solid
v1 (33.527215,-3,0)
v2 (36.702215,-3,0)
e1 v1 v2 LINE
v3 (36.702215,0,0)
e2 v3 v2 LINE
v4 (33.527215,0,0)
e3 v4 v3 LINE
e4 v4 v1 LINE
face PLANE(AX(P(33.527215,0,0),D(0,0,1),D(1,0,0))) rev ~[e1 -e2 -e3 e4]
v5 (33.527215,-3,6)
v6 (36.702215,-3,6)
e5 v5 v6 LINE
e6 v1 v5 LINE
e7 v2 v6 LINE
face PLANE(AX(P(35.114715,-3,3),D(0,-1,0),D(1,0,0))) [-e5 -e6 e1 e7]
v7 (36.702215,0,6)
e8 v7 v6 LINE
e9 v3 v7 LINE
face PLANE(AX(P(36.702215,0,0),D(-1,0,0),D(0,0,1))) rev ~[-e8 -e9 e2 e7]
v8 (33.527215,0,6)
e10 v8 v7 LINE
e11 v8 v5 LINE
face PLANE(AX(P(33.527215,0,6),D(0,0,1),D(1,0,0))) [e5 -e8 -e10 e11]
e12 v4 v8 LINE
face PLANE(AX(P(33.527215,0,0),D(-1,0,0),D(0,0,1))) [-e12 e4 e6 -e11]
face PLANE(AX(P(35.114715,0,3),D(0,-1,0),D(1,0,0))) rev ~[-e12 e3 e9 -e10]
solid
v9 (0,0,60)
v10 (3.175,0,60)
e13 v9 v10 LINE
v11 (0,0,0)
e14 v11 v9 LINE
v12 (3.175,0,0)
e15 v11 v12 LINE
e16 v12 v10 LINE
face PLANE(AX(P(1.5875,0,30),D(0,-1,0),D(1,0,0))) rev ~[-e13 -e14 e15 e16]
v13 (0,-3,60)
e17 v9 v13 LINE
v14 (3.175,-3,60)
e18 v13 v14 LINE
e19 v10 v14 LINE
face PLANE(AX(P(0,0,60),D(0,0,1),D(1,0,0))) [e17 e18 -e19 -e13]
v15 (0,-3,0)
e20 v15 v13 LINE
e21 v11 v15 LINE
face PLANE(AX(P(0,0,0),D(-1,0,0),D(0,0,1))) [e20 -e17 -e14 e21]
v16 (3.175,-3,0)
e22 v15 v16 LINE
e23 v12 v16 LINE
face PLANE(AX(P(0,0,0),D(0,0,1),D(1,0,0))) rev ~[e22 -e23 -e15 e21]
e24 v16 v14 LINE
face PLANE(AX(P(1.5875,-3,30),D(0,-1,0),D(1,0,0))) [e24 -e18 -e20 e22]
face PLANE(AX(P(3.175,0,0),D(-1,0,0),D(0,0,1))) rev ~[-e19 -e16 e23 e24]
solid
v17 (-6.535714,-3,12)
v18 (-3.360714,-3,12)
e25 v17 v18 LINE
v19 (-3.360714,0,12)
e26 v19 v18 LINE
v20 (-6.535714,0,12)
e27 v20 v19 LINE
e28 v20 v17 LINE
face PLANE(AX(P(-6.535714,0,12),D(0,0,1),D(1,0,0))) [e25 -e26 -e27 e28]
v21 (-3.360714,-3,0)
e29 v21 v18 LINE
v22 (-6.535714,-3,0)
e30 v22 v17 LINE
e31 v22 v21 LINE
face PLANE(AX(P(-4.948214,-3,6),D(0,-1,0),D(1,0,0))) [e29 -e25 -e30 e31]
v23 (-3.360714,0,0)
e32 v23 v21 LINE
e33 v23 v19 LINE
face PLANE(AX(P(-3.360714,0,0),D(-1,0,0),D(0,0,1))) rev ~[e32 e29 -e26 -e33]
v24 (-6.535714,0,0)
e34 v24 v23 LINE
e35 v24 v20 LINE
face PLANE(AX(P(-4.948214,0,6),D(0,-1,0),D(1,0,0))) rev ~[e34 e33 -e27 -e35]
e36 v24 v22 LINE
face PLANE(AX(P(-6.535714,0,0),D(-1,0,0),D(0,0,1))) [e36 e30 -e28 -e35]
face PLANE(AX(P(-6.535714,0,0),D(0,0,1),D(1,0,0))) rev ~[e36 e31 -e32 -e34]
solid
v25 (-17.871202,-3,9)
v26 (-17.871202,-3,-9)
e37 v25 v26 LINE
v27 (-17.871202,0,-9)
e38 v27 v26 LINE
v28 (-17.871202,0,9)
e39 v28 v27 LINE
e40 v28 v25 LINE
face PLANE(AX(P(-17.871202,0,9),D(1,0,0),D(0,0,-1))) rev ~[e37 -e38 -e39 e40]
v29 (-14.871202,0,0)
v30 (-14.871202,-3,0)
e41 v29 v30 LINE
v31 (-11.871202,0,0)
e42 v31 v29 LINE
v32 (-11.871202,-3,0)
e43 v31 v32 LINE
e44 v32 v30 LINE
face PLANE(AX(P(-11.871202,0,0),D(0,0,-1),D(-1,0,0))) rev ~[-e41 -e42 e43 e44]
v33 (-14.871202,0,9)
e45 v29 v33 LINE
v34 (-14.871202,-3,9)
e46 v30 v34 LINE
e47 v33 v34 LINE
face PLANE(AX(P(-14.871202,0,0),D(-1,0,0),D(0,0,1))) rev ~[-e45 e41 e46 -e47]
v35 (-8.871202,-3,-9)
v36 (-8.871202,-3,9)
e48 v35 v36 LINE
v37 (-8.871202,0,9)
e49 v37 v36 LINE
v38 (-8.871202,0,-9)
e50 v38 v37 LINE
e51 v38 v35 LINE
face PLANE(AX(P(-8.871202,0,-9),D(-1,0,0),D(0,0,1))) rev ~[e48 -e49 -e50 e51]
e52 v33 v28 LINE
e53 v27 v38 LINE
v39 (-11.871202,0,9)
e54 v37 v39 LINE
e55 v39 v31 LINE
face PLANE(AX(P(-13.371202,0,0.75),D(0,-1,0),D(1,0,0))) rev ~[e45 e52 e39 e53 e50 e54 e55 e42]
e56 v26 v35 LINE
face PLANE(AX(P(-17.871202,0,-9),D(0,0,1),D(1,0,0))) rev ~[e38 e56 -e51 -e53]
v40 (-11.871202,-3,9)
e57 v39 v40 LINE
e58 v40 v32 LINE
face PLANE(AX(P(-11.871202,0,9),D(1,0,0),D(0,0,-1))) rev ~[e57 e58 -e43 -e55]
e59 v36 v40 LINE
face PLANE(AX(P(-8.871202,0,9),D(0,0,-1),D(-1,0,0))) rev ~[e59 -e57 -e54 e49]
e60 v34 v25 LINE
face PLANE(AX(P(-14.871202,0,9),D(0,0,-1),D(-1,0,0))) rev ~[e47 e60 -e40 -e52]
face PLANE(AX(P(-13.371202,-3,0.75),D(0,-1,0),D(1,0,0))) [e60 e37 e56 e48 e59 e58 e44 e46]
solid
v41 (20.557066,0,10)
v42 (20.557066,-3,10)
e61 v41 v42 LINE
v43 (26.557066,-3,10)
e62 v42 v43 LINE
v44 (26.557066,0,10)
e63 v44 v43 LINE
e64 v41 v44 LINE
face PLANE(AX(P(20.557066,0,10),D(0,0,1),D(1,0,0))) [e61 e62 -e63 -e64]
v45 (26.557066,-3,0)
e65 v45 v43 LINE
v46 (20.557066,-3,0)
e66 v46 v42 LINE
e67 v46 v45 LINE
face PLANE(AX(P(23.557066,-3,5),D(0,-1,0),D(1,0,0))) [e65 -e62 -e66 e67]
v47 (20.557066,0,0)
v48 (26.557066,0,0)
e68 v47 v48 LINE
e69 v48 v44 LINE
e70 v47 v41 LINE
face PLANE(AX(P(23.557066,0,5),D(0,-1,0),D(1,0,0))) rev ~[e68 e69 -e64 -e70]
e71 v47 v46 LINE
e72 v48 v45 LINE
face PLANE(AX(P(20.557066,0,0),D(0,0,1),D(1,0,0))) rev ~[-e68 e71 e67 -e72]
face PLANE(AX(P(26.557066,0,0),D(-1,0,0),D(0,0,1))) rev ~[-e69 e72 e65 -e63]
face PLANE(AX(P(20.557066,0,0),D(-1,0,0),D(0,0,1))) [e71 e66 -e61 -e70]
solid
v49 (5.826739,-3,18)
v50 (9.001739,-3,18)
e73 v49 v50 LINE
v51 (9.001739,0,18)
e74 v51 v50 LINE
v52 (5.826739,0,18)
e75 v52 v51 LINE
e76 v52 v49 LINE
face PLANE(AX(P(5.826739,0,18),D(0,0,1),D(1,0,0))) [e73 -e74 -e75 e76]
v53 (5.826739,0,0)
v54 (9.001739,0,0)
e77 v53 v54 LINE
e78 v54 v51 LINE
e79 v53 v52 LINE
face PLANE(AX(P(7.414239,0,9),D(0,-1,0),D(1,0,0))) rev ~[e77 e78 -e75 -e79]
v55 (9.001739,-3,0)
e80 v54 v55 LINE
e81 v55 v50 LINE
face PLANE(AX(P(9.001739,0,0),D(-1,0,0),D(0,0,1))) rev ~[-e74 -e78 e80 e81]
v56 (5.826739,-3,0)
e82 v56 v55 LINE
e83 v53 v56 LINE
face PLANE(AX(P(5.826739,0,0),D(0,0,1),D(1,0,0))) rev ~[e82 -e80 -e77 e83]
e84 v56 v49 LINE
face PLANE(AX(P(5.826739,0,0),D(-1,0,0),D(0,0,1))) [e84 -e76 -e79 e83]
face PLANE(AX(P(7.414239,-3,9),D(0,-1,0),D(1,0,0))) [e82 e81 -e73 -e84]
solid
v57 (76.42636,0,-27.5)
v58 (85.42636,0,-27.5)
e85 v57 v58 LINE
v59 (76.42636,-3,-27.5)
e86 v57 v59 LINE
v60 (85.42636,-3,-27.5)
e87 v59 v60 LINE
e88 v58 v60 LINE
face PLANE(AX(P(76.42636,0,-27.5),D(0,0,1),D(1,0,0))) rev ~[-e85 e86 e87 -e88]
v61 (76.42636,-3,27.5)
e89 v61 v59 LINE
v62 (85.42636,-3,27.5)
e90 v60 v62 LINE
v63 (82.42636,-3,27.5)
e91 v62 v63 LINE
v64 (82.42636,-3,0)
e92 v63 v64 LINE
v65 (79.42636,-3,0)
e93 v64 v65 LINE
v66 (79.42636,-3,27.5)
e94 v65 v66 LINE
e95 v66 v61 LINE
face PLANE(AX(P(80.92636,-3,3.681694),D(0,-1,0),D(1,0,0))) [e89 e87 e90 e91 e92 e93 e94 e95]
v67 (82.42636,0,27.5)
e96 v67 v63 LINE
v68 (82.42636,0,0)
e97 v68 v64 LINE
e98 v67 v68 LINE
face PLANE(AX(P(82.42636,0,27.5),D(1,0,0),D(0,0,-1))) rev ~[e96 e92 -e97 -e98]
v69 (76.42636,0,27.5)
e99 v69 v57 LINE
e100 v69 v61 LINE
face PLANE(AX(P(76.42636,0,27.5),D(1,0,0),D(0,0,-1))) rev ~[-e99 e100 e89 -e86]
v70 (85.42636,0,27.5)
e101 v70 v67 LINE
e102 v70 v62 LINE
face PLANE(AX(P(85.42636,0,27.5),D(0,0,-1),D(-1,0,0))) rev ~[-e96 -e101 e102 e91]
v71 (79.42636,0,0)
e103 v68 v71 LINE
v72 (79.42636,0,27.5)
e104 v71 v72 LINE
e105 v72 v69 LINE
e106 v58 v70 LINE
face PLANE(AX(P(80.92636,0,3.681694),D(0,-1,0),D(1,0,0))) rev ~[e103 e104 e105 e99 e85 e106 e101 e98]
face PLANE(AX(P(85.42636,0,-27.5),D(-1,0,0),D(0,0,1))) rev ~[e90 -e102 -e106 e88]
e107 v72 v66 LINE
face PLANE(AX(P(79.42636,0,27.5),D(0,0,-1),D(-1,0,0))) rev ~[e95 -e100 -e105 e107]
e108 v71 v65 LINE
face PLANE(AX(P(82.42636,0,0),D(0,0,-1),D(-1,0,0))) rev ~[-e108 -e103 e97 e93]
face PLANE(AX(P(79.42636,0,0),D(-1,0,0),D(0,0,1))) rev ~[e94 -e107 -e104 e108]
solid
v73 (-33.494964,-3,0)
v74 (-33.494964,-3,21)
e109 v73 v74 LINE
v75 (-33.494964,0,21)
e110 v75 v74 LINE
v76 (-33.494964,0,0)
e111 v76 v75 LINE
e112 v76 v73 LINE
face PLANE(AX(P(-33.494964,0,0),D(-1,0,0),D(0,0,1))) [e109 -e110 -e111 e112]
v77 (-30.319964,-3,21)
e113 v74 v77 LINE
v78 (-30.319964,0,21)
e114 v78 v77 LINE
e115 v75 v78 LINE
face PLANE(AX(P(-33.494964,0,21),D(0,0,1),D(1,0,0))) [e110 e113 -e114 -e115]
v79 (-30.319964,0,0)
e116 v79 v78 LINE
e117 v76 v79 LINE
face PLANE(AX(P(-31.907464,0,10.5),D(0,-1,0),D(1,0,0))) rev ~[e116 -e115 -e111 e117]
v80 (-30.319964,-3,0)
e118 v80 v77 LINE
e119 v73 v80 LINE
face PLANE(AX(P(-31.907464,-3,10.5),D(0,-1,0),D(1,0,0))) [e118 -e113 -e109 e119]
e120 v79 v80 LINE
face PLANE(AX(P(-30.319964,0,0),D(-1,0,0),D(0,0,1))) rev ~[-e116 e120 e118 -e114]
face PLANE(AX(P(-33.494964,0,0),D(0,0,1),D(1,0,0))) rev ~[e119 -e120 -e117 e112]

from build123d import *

# Parameters (mm, degrees)
F0_W      = 3.175
F0_H      = 60
F1_DEPTH  = 3
F2_W      = 3.175
F2_H      = 18
F3_DEPTH  = 3
F4_W      = 6
F4_H      = 10
F5_DEPTH  = 3
F6_W      = 3.175
F6_H      = 12
F7_DEPTH  = 3
F8_W      = 3.175
F8_H      = 6
F9_DEPTH  = 3
F11_DEPTH = 3
F12_W     = 3.175
F12_H     = 21
F13_DEPTH = 3
F15_DEPTH = 3


with BuildPart() as f1:
    # F0 (on Front) → F1 (new body)
    with BuildSketch(Plane.XZ):
        with Locations((1.5875, 30)):
            Rectangle(F0_W, F0_H)
    extrude(amount=F1_DEPTH)


with BuildPart() as f3:
    # F2 (on Front) → F3 (new body)
    with BuildSketch(Plane.XZ):
        with Locations((7.414239, 9)):
            Rectangle(F2_W, F2_H)
    extrude(amount=F3_DEPTH)


with BuildPart() as f5:
    # F4 (on Front) → F5 (new body)
    with BuildSketch(Plane.XZ):
        with Locations((23.557066, 5)):
            Rectangle(F4_W, F4_H)
    extrude(amount=F5_DEPTH)


with BuildPart() as f7:
    # F6 (on Front) → F7 (new body)
    with BuildSketch(Plane.XZ):
        with Locations((-4.948214, 6)):
            Rectangle(F6_W, F6_H)
    extrude(amount=F7_DEPTH)


with BuildPart() as f9:
    # F8 (on Front) → F9 (new body)
    with BuildSketch(Plane.XZ):
        with Locations((35.114715, 3)):
            Rectangle(F8_W, F8_H)
    extrude(amount=F9_DEPTH)


with BuildPart() as f11:
    # F10 (on Front) → F11 (new body)
    with BuildSketch(Plane.XZ):
        Polygon((-8.871202, -9), (-8.871202, 9), (-11.871202, 9), (-11.871202, 0), (-14.871202, 0), (-14.871202, 9), (-17.871202, 9), (-17.871202, -9), align=None)
    extrude(amount=F11_DEPTH)


with BuildPart() as f13:
    # F12 (on Front) → F13 (new body)
    with BuildSketch(Plane.XZ):
        with Locations((-31.907464, 10.5)):
            Rectangle(F12_W, F12_H)
    extrude(amount=F13_DEPTH)


with BuildPart() as f15:
    # F14 (on Front) → F15 (new body)
    with BuildSketch(Plane.XZ):
        Polygon((85.42636, -27.5), (85.42636, 27.5), (82.42636, 27.5), (82.42636, 0), (79.42636, 0), (79.42636, 27.5), (76.42636, 27.5), (76.42636, -27.5), align=None)
    extrude(amount=F15_DEPTH)


solid = Compound([f1.part, f3.part, f5.part, f7.part, f9.part, f11.part, f13.part, f15.part])
